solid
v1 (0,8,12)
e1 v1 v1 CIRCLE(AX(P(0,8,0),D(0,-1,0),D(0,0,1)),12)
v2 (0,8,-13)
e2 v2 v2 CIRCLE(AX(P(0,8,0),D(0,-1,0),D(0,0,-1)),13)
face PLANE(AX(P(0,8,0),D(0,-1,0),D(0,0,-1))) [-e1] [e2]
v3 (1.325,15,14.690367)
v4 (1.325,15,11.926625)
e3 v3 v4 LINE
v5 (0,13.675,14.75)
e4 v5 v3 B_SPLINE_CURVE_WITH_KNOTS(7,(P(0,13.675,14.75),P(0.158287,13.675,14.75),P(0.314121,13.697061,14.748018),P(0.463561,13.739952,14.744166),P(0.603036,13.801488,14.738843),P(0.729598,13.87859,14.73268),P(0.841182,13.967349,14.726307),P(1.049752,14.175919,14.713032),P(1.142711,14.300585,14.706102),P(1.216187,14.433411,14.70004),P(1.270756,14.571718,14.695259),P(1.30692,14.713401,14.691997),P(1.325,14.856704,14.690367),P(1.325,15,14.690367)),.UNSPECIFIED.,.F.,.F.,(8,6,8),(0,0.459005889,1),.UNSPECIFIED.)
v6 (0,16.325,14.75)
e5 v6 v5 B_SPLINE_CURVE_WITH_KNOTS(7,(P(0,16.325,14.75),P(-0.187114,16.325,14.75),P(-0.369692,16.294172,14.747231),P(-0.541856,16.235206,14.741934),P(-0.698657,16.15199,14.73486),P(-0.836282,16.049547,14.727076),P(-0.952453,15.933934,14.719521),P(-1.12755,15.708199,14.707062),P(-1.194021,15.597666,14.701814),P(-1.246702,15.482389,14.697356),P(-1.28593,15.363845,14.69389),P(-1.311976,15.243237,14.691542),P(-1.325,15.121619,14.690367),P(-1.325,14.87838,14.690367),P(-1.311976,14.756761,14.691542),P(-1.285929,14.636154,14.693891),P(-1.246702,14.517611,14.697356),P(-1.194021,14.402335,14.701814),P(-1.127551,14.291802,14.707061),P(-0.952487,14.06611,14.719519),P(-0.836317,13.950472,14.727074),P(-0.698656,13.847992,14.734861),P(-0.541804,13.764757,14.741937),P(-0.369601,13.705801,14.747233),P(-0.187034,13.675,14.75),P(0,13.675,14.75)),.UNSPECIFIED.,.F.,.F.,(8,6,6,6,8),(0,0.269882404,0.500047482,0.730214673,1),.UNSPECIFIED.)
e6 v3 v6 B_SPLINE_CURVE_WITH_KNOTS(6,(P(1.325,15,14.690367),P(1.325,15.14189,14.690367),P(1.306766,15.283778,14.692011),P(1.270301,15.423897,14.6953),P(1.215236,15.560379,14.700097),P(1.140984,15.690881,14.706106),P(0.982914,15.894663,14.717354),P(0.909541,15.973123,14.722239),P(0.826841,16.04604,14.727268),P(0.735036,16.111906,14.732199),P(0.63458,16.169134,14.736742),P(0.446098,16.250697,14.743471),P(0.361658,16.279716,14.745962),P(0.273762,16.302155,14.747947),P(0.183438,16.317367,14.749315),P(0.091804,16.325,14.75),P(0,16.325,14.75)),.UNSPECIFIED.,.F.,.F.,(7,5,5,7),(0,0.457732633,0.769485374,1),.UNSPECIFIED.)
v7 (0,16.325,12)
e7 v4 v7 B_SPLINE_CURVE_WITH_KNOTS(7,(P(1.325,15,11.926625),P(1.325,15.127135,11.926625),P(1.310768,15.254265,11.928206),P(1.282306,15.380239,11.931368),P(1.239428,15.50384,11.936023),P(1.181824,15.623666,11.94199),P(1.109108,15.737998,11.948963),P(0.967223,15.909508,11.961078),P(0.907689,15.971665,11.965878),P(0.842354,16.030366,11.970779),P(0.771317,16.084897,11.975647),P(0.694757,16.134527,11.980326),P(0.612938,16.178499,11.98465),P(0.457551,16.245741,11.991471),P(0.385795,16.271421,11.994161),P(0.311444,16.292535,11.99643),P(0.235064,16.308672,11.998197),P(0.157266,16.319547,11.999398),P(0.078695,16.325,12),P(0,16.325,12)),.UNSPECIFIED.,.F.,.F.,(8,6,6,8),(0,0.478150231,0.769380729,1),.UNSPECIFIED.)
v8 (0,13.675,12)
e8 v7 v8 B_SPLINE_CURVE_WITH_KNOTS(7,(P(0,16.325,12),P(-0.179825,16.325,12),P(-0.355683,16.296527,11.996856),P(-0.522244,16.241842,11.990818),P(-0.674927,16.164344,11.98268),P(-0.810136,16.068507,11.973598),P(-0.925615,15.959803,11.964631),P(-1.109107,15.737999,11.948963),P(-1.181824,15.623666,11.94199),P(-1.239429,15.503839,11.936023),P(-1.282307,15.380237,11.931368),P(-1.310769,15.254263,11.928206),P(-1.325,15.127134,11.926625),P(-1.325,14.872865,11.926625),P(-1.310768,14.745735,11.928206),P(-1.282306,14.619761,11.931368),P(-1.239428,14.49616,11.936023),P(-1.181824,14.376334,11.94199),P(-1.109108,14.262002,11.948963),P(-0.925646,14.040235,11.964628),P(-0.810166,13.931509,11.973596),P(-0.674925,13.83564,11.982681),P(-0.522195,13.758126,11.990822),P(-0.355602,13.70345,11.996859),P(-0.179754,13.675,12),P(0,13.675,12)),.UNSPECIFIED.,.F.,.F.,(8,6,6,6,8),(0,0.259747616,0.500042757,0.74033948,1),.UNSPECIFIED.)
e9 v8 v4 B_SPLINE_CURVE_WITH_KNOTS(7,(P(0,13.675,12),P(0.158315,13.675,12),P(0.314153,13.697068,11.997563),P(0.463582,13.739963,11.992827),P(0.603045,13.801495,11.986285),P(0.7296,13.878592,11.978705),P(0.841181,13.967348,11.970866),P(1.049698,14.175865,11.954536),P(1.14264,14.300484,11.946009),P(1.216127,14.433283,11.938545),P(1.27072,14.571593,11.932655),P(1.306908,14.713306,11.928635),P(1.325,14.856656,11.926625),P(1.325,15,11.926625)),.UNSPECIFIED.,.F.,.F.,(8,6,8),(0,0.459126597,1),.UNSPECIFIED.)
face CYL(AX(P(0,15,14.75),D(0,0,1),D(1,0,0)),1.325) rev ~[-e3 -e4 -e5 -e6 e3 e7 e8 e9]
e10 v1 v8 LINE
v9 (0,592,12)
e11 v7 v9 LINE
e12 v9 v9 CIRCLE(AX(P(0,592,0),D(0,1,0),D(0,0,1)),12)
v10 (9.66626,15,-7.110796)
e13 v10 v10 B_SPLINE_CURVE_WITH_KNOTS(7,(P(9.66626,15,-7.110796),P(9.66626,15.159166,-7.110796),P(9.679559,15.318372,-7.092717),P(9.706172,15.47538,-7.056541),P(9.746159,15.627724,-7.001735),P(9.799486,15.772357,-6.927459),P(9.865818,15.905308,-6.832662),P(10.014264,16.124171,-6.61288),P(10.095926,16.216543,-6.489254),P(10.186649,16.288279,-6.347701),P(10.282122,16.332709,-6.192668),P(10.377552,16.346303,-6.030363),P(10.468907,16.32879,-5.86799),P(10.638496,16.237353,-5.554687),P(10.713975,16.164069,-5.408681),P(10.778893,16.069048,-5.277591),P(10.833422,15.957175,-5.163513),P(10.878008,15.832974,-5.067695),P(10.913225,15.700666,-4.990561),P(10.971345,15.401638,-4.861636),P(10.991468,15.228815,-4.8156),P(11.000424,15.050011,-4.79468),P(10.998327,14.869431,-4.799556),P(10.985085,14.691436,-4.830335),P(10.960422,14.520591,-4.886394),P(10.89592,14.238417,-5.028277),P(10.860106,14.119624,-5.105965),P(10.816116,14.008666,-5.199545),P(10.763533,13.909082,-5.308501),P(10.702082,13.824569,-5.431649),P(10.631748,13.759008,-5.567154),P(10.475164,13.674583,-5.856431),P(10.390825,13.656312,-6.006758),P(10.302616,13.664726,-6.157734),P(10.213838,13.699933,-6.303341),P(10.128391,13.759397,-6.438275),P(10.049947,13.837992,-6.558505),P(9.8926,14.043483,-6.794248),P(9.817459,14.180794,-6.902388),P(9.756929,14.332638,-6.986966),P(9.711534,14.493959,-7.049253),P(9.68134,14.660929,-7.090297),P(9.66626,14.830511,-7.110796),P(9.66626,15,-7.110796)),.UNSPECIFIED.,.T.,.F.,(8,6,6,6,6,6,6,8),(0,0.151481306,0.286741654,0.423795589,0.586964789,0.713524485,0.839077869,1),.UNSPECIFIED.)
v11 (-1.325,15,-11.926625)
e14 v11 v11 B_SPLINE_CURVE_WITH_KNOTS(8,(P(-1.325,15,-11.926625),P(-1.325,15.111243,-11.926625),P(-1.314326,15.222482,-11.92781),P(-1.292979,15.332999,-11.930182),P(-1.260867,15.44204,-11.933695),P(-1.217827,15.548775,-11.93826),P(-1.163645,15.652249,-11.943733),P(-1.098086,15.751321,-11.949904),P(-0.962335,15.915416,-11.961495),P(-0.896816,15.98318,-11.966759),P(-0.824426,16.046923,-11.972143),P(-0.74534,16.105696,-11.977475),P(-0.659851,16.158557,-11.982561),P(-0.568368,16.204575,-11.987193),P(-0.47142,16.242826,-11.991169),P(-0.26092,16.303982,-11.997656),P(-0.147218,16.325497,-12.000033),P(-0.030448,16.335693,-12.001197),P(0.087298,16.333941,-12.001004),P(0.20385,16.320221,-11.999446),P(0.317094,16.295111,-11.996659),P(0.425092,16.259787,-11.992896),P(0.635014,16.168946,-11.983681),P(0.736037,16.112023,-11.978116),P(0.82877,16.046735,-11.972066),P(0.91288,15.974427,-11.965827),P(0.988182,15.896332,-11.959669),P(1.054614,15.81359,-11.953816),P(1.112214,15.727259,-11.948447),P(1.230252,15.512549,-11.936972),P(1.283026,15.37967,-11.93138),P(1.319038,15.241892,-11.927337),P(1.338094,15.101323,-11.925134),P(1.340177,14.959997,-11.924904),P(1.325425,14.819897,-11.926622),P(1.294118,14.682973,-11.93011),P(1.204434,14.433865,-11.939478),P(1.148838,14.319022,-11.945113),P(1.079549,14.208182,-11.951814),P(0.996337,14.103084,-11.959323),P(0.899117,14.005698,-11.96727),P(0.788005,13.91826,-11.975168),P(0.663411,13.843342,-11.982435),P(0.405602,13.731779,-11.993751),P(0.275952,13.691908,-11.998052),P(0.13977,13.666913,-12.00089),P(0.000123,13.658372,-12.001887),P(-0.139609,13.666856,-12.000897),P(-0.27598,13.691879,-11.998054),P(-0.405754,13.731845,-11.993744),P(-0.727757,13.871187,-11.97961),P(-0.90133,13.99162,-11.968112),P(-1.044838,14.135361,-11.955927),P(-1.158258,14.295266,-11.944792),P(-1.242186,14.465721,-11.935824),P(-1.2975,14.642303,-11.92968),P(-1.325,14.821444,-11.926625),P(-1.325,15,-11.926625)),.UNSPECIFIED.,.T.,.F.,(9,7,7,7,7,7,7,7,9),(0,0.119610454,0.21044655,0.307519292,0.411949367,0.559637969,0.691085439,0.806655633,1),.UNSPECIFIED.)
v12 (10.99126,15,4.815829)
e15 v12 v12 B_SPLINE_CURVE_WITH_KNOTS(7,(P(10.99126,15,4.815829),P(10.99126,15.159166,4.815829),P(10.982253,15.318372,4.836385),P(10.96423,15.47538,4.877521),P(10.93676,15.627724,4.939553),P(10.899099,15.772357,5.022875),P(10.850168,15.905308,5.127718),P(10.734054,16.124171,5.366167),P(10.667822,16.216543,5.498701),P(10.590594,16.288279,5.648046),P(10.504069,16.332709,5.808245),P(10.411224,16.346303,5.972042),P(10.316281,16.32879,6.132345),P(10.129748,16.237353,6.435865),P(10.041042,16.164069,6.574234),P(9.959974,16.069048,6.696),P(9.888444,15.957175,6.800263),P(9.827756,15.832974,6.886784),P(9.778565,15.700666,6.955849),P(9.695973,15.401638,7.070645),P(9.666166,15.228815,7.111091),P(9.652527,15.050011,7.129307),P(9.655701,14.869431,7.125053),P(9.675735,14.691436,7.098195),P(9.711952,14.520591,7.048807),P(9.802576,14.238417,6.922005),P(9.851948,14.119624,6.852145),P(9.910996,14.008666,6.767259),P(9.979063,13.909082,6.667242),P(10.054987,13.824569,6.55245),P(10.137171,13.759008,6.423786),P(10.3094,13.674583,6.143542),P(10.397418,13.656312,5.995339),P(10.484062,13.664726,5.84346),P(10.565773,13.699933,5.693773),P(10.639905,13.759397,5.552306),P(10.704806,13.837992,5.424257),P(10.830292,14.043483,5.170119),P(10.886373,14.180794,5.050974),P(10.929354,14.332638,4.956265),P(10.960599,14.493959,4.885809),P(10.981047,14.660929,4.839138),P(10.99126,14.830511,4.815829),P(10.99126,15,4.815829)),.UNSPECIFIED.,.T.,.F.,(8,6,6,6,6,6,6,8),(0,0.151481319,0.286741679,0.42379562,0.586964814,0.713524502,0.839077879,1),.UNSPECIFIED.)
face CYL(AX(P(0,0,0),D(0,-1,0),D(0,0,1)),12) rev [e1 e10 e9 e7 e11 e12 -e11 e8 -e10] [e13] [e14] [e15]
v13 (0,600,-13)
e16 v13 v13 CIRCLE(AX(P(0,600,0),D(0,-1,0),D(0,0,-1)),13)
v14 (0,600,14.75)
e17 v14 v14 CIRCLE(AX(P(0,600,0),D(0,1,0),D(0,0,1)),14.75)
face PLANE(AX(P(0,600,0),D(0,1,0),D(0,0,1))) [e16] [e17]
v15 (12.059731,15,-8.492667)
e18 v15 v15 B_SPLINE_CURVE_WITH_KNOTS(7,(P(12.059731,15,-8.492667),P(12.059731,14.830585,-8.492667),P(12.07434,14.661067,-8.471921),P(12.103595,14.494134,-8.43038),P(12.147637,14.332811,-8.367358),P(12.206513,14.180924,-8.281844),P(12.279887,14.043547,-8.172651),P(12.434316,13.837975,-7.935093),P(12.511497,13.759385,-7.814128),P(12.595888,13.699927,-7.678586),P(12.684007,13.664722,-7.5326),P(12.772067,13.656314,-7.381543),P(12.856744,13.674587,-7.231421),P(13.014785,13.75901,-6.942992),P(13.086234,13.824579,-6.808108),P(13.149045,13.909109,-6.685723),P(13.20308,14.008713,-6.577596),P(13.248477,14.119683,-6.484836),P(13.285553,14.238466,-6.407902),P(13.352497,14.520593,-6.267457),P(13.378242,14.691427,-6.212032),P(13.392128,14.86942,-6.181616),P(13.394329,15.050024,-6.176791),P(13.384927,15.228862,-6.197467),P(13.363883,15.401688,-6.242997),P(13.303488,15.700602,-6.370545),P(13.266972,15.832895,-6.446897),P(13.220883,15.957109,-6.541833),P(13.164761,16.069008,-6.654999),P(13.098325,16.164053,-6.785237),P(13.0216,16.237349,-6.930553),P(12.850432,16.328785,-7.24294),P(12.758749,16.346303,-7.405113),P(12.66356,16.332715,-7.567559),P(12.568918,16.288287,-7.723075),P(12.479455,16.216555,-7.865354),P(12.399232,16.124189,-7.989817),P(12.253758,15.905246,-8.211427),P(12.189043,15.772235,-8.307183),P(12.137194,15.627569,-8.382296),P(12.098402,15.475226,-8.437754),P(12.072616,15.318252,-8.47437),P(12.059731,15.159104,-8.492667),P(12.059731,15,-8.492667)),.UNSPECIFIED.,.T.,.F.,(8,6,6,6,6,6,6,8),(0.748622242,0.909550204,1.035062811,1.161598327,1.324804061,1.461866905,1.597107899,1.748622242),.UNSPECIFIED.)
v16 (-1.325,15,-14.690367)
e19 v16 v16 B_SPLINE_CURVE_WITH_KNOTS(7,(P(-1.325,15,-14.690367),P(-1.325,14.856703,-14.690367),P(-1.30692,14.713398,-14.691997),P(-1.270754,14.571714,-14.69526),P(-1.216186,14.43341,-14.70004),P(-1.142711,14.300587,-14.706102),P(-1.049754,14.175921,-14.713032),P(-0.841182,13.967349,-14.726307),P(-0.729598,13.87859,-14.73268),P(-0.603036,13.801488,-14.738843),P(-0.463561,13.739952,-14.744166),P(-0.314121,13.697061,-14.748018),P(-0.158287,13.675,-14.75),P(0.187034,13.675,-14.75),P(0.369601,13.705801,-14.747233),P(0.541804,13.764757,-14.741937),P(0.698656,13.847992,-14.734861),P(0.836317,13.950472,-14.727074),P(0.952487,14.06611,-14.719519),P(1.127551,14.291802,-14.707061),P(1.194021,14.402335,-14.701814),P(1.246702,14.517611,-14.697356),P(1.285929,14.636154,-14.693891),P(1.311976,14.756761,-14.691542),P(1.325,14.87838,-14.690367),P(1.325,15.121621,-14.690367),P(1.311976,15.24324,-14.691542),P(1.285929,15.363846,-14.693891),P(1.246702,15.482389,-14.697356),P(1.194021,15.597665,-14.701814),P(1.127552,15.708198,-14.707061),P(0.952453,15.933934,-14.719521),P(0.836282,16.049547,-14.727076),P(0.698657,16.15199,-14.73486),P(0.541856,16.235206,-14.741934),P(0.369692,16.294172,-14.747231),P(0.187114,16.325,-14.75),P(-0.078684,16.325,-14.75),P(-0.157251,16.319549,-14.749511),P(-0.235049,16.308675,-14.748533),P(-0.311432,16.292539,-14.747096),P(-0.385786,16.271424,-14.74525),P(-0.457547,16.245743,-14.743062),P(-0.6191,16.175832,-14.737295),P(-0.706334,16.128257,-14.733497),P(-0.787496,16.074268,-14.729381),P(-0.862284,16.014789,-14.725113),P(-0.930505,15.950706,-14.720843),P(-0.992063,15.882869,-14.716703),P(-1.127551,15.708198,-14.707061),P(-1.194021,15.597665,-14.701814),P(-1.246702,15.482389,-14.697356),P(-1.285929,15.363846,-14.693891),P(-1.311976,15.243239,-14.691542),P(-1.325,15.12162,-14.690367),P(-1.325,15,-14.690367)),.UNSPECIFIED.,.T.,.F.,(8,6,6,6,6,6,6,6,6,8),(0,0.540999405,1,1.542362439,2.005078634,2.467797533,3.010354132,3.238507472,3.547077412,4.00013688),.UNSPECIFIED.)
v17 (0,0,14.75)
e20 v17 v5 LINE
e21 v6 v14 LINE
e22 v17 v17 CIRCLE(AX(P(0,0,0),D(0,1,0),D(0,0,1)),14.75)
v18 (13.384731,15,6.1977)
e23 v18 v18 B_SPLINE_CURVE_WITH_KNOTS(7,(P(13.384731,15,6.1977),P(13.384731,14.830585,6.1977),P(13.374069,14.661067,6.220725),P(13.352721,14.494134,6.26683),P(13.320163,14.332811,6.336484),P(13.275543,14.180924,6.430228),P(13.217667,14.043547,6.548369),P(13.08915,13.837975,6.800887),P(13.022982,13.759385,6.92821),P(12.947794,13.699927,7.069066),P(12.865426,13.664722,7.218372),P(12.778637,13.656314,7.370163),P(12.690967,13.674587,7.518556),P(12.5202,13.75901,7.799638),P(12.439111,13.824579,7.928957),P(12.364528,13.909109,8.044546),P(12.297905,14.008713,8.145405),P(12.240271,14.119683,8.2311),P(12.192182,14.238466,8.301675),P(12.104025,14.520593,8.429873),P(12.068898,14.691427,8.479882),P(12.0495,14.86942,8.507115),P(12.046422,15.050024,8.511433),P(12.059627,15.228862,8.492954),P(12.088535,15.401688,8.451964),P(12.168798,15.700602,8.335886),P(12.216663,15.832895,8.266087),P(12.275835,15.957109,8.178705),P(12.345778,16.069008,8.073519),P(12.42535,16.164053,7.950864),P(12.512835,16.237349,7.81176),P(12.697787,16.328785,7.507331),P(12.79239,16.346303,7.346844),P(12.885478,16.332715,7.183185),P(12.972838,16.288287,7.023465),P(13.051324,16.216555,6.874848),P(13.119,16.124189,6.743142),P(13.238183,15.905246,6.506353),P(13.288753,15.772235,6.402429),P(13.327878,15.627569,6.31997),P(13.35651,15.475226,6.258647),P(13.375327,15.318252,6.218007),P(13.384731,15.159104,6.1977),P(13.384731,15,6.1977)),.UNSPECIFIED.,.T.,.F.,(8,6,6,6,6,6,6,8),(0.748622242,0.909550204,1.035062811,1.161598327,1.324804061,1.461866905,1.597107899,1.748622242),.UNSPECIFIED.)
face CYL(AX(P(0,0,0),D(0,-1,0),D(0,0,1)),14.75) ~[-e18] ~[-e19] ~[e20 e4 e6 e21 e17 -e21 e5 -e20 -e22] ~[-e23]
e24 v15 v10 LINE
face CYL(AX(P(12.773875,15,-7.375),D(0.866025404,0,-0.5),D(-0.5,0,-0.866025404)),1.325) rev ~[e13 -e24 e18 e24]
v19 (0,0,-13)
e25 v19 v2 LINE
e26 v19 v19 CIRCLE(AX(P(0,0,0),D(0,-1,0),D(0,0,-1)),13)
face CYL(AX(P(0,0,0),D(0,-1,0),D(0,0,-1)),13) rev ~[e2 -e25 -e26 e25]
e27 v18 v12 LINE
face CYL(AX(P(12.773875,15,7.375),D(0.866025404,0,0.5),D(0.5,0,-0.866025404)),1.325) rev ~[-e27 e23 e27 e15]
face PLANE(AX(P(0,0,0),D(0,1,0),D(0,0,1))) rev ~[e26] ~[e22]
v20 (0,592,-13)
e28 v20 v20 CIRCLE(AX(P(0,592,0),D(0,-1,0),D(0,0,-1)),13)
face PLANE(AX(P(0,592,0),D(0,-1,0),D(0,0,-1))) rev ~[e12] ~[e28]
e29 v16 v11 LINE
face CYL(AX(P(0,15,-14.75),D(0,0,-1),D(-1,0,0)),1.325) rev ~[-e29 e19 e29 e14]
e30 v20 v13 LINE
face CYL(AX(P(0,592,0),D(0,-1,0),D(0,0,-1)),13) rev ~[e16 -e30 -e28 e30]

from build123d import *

# Parameters (mm, degrees)
SKETCH1_R           = 14.75
SKETCH1_R_2         = 12
BOSS_EXTRUDE1_DEPTH = 600
SKETCH4_R           = 1.325
CUT_EXTRUDE2_DEPTH  = 10
CIRPATTERN2_COUNT   = 4
CIRPATTERN2_ANGLE   = 180
SKETCH5_R           = 13
SKETCH5_R_2         = 12
CUT_EXTRUDE3_DEPTH  = 8
LPATTERN1_COUNT     = 2
LPATTERN1_PITCH     = 592


with BuildPart() as part:
    # Sketch1 → Boss-Extrude1 (new body)
    with BuildSketch(Plane(origin=(0, 0, 0), x_dir=(1, 0, 0), z_dir=(0, 1, 0))):
        with Locations(Location((0, 0, 0), (0, 0, 270))):
            Circle(SKETCH1_R)
        with Locations(Location((0, 0, 0), (0, 0, 270))):
            Circle(SKETCH1_R_2, mode=Mode.SUBTRACT)
    extrude(amount=BOSS_EXTRUDE1_DEPTH)

    # Sketch4 → Cut-Extrude2 (cut)
    with BuildSketch(Plane.XY.offset(14.75)):
        with Locations((0, 15)):
            Circle(SKETCH4_R)
    cut_extrude2 = extrude(amount=-CUT_EXTRUDE2_DEPTH, mode=Mode.SUBTRACT)

    # CirPattern2: Cut-Extrude2 ×4 about axis
    cirpattern2_axis = Axis((0, 600, 0), (0, 1, 0))
    for i in range(1, CIRPATTERN2_COUNT):
        add(cut_extrude2.rotate(cirpattern2_axis, i * CIRPATTERN2_ANGLE / (CIRPATTERN2_COUNT - 1)), mode=Mode.SUBTRACT)

    # Sketch5 → Cut-Extrude3 (cut)
    with BuildSketch(Plane.XZ):
        with Locations(Location((0, 0, 0), (0, 0, 270))):
            Circle(SKETCH5_R)
        with Locations(Location((0, 0, 0), (0, 0, 270))):
            Circle(SKETCH5_R_2, mode=Mode.SUBTRACT)
    cut_extrude3 = extrude(amount=-CUT_EXTRUDE3_DEPTH, mode=Mode.SUBTRACT)

    # LPattern1: Cut-Extrude3 ×2
    with Locations(*[(0, i * LPATTERN1_PITCH, 0) for i in range(1, LPATTERN1_COUNT)]):
        add(cut_extrude3, mode=Mode.SUBTRACT)


solid = part.part
